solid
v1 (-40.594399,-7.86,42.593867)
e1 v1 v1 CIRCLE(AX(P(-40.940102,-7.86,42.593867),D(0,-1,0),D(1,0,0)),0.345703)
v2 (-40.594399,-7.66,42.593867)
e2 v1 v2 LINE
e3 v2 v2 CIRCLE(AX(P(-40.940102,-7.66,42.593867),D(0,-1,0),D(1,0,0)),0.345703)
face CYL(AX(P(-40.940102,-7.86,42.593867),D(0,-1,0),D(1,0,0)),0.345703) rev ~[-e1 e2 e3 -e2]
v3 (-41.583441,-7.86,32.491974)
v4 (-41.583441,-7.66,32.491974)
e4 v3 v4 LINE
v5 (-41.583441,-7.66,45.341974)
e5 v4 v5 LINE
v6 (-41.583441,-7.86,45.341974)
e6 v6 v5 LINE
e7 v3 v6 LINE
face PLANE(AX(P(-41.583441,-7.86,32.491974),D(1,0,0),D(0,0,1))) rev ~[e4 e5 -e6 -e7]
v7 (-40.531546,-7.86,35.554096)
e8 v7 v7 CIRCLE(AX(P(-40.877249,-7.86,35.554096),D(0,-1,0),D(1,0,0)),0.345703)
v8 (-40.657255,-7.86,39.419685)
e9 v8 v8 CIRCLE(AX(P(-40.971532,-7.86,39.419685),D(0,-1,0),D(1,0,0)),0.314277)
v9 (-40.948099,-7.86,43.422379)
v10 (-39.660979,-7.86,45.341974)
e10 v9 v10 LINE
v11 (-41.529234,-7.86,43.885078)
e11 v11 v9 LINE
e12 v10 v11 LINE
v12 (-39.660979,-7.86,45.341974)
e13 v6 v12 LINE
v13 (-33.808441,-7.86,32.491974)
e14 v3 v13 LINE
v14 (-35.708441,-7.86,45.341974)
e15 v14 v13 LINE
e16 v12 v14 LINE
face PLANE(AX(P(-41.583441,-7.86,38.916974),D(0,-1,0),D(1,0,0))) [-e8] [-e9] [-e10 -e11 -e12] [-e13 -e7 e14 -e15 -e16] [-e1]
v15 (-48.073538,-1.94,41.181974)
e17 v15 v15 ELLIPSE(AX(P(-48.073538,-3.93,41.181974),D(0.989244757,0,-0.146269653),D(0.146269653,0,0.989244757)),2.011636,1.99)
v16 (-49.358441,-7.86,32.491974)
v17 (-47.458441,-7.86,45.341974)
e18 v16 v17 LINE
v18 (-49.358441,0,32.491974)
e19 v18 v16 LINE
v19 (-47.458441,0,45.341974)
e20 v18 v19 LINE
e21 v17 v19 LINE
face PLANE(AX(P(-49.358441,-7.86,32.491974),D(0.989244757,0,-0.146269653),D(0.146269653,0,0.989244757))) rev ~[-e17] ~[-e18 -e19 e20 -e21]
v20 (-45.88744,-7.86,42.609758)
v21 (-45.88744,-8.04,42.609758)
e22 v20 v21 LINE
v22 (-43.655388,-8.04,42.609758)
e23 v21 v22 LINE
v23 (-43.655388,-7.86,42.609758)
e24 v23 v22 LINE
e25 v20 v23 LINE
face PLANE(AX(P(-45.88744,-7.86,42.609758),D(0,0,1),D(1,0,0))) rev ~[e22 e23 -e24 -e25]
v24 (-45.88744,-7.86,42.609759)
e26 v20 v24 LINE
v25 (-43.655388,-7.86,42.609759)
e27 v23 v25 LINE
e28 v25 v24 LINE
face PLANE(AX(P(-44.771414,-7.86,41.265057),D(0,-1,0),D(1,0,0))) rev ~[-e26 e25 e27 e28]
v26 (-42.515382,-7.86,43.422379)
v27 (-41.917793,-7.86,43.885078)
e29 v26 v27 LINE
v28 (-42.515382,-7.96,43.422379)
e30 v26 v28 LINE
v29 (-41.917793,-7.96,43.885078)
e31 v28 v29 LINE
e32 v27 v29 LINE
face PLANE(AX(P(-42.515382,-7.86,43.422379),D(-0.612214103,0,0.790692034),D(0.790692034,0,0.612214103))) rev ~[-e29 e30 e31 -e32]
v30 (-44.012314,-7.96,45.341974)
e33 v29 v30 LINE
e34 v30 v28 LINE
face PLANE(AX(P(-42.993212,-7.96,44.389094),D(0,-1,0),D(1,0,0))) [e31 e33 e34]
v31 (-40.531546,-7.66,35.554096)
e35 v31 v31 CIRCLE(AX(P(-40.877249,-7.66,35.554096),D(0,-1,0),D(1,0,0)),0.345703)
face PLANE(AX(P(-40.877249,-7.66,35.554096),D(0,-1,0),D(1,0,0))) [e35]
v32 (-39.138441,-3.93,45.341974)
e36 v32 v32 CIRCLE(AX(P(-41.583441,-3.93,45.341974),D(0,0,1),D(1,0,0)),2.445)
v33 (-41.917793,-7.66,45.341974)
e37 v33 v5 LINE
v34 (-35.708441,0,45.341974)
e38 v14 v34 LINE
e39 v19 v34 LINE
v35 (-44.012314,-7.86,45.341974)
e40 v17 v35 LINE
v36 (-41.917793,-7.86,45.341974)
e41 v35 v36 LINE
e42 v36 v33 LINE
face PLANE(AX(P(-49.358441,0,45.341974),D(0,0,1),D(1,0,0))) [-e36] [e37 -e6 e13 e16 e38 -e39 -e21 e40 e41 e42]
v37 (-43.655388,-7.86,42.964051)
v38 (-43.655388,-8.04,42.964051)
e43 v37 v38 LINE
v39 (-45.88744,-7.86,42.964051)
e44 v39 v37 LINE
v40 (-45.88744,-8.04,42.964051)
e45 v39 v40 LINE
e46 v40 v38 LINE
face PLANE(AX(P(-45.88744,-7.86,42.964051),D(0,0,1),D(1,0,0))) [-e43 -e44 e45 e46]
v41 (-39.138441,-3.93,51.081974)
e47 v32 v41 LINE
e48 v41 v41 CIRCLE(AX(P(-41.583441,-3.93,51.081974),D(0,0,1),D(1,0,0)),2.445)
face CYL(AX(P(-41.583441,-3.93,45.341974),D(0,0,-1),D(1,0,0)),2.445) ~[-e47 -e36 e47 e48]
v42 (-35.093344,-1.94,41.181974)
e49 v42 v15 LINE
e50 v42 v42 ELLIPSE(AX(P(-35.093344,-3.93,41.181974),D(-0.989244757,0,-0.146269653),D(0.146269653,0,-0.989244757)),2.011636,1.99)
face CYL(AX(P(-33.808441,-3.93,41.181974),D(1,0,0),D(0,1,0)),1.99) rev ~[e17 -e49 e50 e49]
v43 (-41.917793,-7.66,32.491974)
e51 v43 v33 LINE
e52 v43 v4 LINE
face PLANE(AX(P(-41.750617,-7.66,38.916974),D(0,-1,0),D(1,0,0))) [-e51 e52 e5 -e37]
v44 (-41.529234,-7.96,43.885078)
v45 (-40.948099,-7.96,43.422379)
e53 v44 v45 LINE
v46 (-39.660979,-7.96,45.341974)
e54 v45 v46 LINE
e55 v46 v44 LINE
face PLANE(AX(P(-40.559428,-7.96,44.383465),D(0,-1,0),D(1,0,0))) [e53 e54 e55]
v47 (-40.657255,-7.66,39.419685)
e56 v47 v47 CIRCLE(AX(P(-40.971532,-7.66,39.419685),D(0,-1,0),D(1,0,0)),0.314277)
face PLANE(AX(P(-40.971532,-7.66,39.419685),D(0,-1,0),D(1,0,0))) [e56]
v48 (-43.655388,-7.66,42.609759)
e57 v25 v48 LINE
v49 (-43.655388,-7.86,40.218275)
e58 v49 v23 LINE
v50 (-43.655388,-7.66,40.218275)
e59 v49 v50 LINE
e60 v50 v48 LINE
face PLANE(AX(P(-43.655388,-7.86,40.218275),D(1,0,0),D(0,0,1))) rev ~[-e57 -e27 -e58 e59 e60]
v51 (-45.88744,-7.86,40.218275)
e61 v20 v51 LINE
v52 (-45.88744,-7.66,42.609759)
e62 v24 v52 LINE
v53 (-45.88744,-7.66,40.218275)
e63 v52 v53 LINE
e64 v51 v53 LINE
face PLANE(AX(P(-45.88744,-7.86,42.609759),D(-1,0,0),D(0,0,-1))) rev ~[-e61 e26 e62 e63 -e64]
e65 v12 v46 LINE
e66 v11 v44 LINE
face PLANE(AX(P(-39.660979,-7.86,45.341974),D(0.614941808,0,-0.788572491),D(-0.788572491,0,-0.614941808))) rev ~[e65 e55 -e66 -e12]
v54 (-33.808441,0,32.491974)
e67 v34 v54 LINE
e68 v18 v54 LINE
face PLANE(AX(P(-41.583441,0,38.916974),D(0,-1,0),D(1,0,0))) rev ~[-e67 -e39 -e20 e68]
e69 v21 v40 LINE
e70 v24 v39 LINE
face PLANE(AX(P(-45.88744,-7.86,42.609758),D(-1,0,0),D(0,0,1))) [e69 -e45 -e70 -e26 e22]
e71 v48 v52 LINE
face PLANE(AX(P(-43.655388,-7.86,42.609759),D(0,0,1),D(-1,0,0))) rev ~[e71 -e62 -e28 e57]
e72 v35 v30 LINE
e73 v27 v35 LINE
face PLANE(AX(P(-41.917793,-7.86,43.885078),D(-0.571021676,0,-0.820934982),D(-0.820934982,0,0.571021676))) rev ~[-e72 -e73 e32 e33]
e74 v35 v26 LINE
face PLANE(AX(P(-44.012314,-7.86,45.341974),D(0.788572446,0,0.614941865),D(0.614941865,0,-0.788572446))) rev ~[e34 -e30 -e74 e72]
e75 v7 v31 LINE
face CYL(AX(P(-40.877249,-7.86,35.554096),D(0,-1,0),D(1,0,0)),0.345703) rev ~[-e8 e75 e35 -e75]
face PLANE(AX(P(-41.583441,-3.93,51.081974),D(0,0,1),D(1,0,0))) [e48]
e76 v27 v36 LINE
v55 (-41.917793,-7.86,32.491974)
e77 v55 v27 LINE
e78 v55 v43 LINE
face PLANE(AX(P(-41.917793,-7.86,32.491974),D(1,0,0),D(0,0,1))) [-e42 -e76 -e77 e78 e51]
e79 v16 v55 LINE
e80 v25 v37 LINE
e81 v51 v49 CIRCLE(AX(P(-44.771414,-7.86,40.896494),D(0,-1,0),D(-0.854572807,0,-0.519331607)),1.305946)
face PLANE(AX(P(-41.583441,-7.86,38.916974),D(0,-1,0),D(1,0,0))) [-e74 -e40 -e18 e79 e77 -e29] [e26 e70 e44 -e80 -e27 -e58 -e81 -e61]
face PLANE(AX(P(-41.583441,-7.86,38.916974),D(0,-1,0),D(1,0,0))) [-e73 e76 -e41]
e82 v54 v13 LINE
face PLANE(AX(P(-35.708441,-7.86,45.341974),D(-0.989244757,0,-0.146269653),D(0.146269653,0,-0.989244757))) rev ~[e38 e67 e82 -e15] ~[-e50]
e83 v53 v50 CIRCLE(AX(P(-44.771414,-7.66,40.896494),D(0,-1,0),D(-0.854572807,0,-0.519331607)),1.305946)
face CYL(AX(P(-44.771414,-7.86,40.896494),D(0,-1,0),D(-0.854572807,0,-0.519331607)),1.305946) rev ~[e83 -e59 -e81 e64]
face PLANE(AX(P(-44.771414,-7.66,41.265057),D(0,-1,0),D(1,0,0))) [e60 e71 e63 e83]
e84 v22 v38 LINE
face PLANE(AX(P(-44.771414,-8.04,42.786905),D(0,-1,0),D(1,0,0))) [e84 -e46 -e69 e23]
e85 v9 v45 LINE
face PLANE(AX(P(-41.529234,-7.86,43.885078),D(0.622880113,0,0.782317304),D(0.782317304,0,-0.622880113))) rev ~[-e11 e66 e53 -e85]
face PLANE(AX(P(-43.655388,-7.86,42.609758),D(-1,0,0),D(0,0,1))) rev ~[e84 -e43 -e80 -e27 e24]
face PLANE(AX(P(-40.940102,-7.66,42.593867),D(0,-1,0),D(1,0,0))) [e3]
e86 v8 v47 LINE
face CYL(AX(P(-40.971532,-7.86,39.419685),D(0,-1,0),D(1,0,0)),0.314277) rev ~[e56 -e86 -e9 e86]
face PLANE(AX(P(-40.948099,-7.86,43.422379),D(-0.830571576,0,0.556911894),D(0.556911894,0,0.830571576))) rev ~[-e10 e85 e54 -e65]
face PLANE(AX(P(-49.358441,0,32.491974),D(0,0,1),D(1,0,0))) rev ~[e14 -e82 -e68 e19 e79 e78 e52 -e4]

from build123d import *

# Parameters (mm, degrees)
F0_W      = 15.55
F0_H      = 12.85
F1_DEPTH  = 7.86
F2_R      = 2.445
F3_DEPTH  = 5.74
F4_R      = 1.99
F5_DEPTH  = 25
F7_DEPTH  = 25
F8_R      = 0.314277
F8_R_2    = 0.345703
F9_DEPTH  = 0.2
F8_W      = 0.334352
F8_H      = 12.85
F10_DEPTH = 0.2
F12_DEPTH = 0.1
F13_W     = 2.232052
F13_H     = 0.354293
F14_DEPTH = 0.18
F15_DEPTH = 0.2


with BuildPart() as f1:
    # F0 (on Front) → F1 (new body)
    with BuildSketch(Plane.XZ):
        with Locations((-41.583441, 38.916974)):
            Rectangle(F0_W, F0_H)
    extrude(amount=F1_DEPTH)

    # F2 (on face) → F3 (join)
    with BuildSketch(Plane.XY.offset(45.341974)):
        with Locations((-41.583441, -3.93)):
            Circle(F2_R)
    extrude(amount=F3_DEPTH)

    # F4 (on face) → F5 (cut)
    with BuildSketch(Plane.YZ.offset(-33.808441)):
        with Locations((-3.93, 41.181974)):
            Circle(F4_R)
    extrude(amount=-F5_DEPTH, mode=Mode.SUBTRACT)

    # F6 (on face) → F7 (cut)
    with BuildSketch(Plane.XZ.offset(7.86)):
        Polygon((-49.358441, 45.341974), (-49.358441, 32.491974), (-47.458441, 45.341974), align=None)
        Polygon((-35.708441, 45.341974), (-33.808441, 32.491974), (-33.808441, 45.341974), align=None)
    extrude(amount=-F7_DEPTH, mode=Mode.SUBTRACT)

    # F8 (on face) → F9 (cut)
    with BuildSketch(Plane.XZ.offset(7.86)):
        with Locations((-40.971532, 39.419685)):
            Circle(F8_R)
        with Locations((-40.940102, 42.593867)):
            Circle(F8_R_2)
        with Locations((-40.877249, 35.554096)):
            Circle(F8_R_2)
    extrude(amount=-F9_DEPTH, mode=Mode.SUBTRACT)

    # F8 (on face) → F10 (cut)
    with BuildSketch(Plane.XZ.offset(7.86)):
        with Locations((-40.940102, 42.593867)):
            Circle(F8_R_2)
        with Locations((-40.971532, 39.419685)):
            Circle(F8_R)
        with Locations((-40.877249, 35.554096)):
            Circle(F8_R_2)
        with Locations((-41.750617, 38.916974)):
            Rectangle(F8_W, F8_H)
    extrude(amount=-F10_DEPTH, mode=Mode.SUBTRACT)

    # F11 (on face) → F12 (join)
    with BuildSketch(Plane.XZ.offset(7.86)):
        Polygon((-42.515382, 43.422379), (-41.917793, 43.885078), (-44.012314, 45.341974), align=None)
        Polygon((-39.660979, 45.341974), (-41.529234, 43.885078), (-40.948099, 43.422379), align=None)
    extrude(amount=F12_DEPTH)

    # F13 (on face) → F14 (join)
    with BuildSketch(Plane.XZ.offset(7.86)):
        with Locations((-44.771414, 42.786905)):
            Rectangle(F13_W, F13_H)
    extrude(amount=F14_DEPTH)

    # F13 (on face) → F15 (cut)
    with BuildSketch(Plane.XZ.offset(7.86)):
        with BuildLine():
            Line((-43.655388, 42.609759), (-45.88744, 42.609759))
            Line((-45.88744, 42.609759), (-45.88744, 40.218275))
            ThreePointArc((-45.88744, 40.218275), (-44.771414, 39.590548), (-43.655388, 40.218275))
            Line((-43.655388, 40.218275), (-43.655388, 42.609759))
        make_face()
    extrude(amount=-F15_DEPTH, mode=Mode.SUBTRACT)


solid = f1.part
